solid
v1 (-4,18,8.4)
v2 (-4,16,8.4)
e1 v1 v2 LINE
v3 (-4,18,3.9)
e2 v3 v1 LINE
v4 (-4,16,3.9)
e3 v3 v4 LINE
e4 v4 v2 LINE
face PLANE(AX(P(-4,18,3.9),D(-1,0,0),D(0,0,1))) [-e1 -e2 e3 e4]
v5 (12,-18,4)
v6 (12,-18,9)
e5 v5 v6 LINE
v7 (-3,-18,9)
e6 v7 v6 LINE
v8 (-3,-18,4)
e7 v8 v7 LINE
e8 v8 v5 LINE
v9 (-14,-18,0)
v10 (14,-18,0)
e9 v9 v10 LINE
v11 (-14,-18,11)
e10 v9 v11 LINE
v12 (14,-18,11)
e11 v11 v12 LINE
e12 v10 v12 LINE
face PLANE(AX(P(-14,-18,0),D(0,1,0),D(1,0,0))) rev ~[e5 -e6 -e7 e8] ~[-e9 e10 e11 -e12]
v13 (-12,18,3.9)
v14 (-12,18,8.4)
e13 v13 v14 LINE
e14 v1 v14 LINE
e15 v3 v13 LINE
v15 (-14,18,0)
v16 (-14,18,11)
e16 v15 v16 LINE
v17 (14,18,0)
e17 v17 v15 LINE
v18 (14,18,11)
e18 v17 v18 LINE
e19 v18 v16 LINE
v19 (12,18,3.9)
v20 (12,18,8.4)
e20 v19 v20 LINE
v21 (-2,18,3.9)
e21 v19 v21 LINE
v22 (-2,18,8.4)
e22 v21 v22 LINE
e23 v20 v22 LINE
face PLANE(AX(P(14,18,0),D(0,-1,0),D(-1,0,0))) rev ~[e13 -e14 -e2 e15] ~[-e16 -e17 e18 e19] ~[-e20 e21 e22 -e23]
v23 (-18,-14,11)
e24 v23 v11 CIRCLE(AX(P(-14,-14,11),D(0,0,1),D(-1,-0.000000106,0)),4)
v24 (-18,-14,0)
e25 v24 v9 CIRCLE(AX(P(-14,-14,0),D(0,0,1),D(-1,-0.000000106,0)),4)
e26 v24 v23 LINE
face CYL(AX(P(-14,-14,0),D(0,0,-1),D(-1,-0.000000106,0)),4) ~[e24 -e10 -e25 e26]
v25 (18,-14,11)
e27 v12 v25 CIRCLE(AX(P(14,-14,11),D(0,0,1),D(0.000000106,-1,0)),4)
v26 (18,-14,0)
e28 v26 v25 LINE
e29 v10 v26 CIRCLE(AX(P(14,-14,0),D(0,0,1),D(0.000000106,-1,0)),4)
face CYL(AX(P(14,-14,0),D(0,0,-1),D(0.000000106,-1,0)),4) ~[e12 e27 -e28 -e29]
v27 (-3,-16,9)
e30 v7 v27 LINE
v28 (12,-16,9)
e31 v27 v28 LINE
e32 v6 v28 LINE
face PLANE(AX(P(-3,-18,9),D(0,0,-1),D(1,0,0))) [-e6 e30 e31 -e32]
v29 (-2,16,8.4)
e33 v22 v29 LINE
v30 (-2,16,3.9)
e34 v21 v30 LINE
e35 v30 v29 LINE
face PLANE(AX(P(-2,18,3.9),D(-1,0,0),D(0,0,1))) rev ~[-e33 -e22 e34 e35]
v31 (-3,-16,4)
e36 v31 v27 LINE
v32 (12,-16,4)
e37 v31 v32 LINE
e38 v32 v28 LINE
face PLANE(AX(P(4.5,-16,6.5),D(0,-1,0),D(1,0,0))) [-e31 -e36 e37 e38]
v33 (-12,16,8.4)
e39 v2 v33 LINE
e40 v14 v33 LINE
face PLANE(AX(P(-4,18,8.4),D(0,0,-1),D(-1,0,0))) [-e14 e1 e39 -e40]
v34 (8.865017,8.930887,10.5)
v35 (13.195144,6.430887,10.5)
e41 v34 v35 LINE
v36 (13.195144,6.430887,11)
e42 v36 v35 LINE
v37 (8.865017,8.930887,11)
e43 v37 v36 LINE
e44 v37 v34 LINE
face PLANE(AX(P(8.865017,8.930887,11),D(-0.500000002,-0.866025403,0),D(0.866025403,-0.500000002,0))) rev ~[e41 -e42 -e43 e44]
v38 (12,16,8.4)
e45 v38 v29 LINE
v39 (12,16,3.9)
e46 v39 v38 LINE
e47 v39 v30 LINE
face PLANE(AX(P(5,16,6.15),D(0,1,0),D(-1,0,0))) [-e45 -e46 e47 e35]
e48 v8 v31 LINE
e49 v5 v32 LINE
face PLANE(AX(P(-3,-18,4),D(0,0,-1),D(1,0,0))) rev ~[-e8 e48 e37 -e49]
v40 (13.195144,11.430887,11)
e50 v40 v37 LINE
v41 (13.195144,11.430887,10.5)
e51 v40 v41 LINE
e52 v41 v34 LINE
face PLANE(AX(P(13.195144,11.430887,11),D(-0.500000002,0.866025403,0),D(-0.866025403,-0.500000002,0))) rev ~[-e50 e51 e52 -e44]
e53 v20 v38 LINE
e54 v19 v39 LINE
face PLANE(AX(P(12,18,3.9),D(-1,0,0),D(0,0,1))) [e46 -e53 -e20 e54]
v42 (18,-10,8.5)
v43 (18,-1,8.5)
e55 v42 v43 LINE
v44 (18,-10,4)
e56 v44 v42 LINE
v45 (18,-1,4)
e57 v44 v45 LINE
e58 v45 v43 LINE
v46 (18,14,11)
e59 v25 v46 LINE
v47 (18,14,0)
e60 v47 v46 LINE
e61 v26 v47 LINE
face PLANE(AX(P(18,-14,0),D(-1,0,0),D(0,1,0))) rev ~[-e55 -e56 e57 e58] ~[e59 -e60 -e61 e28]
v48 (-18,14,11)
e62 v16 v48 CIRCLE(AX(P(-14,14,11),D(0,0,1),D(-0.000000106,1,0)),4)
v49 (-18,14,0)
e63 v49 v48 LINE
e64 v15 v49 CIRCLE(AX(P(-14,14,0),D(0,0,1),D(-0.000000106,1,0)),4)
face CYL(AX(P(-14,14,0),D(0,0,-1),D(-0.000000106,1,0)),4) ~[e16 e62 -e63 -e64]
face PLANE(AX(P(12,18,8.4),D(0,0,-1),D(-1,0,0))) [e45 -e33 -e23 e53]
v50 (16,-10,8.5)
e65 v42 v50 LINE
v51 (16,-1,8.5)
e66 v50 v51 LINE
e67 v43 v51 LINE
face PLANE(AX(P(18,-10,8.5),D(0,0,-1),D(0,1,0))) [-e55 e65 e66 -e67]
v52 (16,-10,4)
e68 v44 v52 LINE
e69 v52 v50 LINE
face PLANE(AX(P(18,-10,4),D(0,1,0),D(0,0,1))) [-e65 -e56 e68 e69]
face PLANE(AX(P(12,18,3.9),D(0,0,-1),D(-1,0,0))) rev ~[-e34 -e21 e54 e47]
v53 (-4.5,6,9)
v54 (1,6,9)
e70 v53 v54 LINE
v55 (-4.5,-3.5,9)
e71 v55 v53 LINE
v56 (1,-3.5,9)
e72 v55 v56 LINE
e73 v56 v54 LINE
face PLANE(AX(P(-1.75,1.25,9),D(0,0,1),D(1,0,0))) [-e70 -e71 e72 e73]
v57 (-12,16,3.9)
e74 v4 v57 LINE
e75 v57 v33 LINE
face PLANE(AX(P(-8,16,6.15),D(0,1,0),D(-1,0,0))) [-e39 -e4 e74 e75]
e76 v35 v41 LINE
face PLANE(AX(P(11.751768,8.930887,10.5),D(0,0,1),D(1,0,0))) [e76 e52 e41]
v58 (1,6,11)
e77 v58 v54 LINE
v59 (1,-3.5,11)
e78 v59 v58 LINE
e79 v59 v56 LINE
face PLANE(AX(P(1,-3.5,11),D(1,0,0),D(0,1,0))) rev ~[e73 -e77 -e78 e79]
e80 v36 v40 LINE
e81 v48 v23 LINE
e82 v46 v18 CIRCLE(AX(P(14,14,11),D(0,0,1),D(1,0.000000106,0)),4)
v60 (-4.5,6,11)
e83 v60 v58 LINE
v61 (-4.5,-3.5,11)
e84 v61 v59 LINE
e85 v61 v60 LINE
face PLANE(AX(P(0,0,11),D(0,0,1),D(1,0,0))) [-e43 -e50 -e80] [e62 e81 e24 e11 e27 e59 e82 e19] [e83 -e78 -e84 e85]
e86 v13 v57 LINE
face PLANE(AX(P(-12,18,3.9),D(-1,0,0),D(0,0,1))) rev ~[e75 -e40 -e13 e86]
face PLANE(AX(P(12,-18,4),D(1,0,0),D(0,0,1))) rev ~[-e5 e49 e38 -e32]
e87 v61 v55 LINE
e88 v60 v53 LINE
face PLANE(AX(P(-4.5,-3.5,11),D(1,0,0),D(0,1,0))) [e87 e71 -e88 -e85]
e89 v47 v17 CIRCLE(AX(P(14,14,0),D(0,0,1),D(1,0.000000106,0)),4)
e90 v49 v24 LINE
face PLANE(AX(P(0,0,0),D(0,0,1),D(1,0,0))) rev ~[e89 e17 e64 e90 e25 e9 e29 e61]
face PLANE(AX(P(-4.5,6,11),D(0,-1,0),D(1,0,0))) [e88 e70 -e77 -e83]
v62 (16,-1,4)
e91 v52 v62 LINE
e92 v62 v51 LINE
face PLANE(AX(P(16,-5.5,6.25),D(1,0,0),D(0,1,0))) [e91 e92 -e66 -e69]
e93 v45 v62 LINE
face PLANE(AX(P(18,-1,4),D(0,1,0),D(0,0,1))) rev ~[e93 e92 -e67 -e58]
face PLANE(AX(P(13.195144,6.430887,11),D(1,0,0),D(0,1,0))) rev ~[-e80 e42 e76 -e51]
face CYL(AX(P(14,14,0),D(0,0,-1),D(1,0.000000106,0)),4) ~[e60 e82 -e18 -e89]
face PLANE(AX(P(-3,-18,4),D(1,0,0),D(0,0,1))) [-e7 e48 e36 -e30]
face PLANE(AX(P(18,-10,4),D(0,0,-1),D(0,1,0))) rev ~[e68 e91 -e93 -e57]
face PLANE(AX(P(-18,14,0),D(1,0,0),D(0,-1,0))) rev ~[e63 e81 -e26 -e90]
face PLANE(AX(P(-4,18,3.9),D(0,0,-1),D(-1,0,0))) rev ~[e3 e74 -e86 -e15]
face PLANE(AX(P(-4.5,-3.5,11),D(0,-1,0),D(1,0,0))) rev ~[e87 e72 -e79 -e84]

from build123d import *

# Parameters (mm, degrees)
F1_DEPTH  = 11
F2_W      = 15
F2_H      = 5
F3_DEPTH  = 2
F4_W      = 9
F4_H      = 4.5
F5_DEPTH  = 2
F6_W      = 14
F6_H      = 4.5
F6_W_2    = 8
F7_DEPTH  = 2
F8_W      = 5.5
F8_H      = 9.5
F9_DEPTH  = 2
F10_DEPTH = 0.5


with BuildPart() as f1:
    # F0 (on Top) → F1 (new body)
    with BuildSketch(Plane.XY):
        with BuildLine():
            Line((14, 18), (-14, 18))
            ThreePointArc((-14, 18), (-16.828427, 16.828427), (-18, 14))
            Line((-18, 14), (-18, -14))
            ThreePointArc((-18, -14), (-16.828427, -16.828427), (-14, -18))
            Line((-14, -18), (14, -18))
            ThreePointArc((14, -18), (16.828427, -16.828427), (18, -14))
            Line((18, -14), (18, 14))
            ThreePointArc((18, 14), (16.828427, 16.828427), (14, 18))
        make_face()
    extrude(amount=F1_DEPTH)

    # F2 (on face) → F3 (cut)
    with BuildSketch(Plane.XZ.offset(18)):
        with Locations((4.5, 6.5)):
            Rectangle(F2_W, F2_H)
    extrude(amount=-F3_DEPTH, mode=Mode.SUBTRACT)

    # F4 (on face) → F5 (cut)
    with BuildSketch(Plane.YZ.offset(18)):
        with Locations((-5.5, 6.25)):
            Rectangle(F4_W, F4_H)
    extrude(amount=-F5_DEPTH, mode=Mode.SUBTRACT)

    # F6 (on face) → F7 (cut)
    with BuildSketch(Plane(origin=(0, 18, 0), x_dir=(-1, 0, 0), z_dir=(0, 1, 0))):
        with Locations((-5, 6.15)):
            Rectangle(F6_W, F6_H)
        with Locations((8, 6.15)):
            Rectangle(F6_W_2, F6_H)
    extrude(amount=-F7_DEPTH, mode=Mode.SUBTRACT)

    # F8 (on face) → F9 (cut)
    with BuildSketch(Plane.XY.offset(11)):
        with Locations((-1.75, 1.25)):
            Rectangle(F8_W, F8_H)
    extrude(amount=-F9_DEPTH, mode=Mode.SUBTRACT)

    # F8 (on face) → F10 (cut)
    with BuildSketch(Plane.XY.offset(11)):
        Polygon((13.195144, 11.430887), (8.865017, 8.930887), (13.195144, 6.430887), align=None)
    extrude(amount=-F10_DEPTH, mode=Mode.SUBTRACT)


solid = f1.part
